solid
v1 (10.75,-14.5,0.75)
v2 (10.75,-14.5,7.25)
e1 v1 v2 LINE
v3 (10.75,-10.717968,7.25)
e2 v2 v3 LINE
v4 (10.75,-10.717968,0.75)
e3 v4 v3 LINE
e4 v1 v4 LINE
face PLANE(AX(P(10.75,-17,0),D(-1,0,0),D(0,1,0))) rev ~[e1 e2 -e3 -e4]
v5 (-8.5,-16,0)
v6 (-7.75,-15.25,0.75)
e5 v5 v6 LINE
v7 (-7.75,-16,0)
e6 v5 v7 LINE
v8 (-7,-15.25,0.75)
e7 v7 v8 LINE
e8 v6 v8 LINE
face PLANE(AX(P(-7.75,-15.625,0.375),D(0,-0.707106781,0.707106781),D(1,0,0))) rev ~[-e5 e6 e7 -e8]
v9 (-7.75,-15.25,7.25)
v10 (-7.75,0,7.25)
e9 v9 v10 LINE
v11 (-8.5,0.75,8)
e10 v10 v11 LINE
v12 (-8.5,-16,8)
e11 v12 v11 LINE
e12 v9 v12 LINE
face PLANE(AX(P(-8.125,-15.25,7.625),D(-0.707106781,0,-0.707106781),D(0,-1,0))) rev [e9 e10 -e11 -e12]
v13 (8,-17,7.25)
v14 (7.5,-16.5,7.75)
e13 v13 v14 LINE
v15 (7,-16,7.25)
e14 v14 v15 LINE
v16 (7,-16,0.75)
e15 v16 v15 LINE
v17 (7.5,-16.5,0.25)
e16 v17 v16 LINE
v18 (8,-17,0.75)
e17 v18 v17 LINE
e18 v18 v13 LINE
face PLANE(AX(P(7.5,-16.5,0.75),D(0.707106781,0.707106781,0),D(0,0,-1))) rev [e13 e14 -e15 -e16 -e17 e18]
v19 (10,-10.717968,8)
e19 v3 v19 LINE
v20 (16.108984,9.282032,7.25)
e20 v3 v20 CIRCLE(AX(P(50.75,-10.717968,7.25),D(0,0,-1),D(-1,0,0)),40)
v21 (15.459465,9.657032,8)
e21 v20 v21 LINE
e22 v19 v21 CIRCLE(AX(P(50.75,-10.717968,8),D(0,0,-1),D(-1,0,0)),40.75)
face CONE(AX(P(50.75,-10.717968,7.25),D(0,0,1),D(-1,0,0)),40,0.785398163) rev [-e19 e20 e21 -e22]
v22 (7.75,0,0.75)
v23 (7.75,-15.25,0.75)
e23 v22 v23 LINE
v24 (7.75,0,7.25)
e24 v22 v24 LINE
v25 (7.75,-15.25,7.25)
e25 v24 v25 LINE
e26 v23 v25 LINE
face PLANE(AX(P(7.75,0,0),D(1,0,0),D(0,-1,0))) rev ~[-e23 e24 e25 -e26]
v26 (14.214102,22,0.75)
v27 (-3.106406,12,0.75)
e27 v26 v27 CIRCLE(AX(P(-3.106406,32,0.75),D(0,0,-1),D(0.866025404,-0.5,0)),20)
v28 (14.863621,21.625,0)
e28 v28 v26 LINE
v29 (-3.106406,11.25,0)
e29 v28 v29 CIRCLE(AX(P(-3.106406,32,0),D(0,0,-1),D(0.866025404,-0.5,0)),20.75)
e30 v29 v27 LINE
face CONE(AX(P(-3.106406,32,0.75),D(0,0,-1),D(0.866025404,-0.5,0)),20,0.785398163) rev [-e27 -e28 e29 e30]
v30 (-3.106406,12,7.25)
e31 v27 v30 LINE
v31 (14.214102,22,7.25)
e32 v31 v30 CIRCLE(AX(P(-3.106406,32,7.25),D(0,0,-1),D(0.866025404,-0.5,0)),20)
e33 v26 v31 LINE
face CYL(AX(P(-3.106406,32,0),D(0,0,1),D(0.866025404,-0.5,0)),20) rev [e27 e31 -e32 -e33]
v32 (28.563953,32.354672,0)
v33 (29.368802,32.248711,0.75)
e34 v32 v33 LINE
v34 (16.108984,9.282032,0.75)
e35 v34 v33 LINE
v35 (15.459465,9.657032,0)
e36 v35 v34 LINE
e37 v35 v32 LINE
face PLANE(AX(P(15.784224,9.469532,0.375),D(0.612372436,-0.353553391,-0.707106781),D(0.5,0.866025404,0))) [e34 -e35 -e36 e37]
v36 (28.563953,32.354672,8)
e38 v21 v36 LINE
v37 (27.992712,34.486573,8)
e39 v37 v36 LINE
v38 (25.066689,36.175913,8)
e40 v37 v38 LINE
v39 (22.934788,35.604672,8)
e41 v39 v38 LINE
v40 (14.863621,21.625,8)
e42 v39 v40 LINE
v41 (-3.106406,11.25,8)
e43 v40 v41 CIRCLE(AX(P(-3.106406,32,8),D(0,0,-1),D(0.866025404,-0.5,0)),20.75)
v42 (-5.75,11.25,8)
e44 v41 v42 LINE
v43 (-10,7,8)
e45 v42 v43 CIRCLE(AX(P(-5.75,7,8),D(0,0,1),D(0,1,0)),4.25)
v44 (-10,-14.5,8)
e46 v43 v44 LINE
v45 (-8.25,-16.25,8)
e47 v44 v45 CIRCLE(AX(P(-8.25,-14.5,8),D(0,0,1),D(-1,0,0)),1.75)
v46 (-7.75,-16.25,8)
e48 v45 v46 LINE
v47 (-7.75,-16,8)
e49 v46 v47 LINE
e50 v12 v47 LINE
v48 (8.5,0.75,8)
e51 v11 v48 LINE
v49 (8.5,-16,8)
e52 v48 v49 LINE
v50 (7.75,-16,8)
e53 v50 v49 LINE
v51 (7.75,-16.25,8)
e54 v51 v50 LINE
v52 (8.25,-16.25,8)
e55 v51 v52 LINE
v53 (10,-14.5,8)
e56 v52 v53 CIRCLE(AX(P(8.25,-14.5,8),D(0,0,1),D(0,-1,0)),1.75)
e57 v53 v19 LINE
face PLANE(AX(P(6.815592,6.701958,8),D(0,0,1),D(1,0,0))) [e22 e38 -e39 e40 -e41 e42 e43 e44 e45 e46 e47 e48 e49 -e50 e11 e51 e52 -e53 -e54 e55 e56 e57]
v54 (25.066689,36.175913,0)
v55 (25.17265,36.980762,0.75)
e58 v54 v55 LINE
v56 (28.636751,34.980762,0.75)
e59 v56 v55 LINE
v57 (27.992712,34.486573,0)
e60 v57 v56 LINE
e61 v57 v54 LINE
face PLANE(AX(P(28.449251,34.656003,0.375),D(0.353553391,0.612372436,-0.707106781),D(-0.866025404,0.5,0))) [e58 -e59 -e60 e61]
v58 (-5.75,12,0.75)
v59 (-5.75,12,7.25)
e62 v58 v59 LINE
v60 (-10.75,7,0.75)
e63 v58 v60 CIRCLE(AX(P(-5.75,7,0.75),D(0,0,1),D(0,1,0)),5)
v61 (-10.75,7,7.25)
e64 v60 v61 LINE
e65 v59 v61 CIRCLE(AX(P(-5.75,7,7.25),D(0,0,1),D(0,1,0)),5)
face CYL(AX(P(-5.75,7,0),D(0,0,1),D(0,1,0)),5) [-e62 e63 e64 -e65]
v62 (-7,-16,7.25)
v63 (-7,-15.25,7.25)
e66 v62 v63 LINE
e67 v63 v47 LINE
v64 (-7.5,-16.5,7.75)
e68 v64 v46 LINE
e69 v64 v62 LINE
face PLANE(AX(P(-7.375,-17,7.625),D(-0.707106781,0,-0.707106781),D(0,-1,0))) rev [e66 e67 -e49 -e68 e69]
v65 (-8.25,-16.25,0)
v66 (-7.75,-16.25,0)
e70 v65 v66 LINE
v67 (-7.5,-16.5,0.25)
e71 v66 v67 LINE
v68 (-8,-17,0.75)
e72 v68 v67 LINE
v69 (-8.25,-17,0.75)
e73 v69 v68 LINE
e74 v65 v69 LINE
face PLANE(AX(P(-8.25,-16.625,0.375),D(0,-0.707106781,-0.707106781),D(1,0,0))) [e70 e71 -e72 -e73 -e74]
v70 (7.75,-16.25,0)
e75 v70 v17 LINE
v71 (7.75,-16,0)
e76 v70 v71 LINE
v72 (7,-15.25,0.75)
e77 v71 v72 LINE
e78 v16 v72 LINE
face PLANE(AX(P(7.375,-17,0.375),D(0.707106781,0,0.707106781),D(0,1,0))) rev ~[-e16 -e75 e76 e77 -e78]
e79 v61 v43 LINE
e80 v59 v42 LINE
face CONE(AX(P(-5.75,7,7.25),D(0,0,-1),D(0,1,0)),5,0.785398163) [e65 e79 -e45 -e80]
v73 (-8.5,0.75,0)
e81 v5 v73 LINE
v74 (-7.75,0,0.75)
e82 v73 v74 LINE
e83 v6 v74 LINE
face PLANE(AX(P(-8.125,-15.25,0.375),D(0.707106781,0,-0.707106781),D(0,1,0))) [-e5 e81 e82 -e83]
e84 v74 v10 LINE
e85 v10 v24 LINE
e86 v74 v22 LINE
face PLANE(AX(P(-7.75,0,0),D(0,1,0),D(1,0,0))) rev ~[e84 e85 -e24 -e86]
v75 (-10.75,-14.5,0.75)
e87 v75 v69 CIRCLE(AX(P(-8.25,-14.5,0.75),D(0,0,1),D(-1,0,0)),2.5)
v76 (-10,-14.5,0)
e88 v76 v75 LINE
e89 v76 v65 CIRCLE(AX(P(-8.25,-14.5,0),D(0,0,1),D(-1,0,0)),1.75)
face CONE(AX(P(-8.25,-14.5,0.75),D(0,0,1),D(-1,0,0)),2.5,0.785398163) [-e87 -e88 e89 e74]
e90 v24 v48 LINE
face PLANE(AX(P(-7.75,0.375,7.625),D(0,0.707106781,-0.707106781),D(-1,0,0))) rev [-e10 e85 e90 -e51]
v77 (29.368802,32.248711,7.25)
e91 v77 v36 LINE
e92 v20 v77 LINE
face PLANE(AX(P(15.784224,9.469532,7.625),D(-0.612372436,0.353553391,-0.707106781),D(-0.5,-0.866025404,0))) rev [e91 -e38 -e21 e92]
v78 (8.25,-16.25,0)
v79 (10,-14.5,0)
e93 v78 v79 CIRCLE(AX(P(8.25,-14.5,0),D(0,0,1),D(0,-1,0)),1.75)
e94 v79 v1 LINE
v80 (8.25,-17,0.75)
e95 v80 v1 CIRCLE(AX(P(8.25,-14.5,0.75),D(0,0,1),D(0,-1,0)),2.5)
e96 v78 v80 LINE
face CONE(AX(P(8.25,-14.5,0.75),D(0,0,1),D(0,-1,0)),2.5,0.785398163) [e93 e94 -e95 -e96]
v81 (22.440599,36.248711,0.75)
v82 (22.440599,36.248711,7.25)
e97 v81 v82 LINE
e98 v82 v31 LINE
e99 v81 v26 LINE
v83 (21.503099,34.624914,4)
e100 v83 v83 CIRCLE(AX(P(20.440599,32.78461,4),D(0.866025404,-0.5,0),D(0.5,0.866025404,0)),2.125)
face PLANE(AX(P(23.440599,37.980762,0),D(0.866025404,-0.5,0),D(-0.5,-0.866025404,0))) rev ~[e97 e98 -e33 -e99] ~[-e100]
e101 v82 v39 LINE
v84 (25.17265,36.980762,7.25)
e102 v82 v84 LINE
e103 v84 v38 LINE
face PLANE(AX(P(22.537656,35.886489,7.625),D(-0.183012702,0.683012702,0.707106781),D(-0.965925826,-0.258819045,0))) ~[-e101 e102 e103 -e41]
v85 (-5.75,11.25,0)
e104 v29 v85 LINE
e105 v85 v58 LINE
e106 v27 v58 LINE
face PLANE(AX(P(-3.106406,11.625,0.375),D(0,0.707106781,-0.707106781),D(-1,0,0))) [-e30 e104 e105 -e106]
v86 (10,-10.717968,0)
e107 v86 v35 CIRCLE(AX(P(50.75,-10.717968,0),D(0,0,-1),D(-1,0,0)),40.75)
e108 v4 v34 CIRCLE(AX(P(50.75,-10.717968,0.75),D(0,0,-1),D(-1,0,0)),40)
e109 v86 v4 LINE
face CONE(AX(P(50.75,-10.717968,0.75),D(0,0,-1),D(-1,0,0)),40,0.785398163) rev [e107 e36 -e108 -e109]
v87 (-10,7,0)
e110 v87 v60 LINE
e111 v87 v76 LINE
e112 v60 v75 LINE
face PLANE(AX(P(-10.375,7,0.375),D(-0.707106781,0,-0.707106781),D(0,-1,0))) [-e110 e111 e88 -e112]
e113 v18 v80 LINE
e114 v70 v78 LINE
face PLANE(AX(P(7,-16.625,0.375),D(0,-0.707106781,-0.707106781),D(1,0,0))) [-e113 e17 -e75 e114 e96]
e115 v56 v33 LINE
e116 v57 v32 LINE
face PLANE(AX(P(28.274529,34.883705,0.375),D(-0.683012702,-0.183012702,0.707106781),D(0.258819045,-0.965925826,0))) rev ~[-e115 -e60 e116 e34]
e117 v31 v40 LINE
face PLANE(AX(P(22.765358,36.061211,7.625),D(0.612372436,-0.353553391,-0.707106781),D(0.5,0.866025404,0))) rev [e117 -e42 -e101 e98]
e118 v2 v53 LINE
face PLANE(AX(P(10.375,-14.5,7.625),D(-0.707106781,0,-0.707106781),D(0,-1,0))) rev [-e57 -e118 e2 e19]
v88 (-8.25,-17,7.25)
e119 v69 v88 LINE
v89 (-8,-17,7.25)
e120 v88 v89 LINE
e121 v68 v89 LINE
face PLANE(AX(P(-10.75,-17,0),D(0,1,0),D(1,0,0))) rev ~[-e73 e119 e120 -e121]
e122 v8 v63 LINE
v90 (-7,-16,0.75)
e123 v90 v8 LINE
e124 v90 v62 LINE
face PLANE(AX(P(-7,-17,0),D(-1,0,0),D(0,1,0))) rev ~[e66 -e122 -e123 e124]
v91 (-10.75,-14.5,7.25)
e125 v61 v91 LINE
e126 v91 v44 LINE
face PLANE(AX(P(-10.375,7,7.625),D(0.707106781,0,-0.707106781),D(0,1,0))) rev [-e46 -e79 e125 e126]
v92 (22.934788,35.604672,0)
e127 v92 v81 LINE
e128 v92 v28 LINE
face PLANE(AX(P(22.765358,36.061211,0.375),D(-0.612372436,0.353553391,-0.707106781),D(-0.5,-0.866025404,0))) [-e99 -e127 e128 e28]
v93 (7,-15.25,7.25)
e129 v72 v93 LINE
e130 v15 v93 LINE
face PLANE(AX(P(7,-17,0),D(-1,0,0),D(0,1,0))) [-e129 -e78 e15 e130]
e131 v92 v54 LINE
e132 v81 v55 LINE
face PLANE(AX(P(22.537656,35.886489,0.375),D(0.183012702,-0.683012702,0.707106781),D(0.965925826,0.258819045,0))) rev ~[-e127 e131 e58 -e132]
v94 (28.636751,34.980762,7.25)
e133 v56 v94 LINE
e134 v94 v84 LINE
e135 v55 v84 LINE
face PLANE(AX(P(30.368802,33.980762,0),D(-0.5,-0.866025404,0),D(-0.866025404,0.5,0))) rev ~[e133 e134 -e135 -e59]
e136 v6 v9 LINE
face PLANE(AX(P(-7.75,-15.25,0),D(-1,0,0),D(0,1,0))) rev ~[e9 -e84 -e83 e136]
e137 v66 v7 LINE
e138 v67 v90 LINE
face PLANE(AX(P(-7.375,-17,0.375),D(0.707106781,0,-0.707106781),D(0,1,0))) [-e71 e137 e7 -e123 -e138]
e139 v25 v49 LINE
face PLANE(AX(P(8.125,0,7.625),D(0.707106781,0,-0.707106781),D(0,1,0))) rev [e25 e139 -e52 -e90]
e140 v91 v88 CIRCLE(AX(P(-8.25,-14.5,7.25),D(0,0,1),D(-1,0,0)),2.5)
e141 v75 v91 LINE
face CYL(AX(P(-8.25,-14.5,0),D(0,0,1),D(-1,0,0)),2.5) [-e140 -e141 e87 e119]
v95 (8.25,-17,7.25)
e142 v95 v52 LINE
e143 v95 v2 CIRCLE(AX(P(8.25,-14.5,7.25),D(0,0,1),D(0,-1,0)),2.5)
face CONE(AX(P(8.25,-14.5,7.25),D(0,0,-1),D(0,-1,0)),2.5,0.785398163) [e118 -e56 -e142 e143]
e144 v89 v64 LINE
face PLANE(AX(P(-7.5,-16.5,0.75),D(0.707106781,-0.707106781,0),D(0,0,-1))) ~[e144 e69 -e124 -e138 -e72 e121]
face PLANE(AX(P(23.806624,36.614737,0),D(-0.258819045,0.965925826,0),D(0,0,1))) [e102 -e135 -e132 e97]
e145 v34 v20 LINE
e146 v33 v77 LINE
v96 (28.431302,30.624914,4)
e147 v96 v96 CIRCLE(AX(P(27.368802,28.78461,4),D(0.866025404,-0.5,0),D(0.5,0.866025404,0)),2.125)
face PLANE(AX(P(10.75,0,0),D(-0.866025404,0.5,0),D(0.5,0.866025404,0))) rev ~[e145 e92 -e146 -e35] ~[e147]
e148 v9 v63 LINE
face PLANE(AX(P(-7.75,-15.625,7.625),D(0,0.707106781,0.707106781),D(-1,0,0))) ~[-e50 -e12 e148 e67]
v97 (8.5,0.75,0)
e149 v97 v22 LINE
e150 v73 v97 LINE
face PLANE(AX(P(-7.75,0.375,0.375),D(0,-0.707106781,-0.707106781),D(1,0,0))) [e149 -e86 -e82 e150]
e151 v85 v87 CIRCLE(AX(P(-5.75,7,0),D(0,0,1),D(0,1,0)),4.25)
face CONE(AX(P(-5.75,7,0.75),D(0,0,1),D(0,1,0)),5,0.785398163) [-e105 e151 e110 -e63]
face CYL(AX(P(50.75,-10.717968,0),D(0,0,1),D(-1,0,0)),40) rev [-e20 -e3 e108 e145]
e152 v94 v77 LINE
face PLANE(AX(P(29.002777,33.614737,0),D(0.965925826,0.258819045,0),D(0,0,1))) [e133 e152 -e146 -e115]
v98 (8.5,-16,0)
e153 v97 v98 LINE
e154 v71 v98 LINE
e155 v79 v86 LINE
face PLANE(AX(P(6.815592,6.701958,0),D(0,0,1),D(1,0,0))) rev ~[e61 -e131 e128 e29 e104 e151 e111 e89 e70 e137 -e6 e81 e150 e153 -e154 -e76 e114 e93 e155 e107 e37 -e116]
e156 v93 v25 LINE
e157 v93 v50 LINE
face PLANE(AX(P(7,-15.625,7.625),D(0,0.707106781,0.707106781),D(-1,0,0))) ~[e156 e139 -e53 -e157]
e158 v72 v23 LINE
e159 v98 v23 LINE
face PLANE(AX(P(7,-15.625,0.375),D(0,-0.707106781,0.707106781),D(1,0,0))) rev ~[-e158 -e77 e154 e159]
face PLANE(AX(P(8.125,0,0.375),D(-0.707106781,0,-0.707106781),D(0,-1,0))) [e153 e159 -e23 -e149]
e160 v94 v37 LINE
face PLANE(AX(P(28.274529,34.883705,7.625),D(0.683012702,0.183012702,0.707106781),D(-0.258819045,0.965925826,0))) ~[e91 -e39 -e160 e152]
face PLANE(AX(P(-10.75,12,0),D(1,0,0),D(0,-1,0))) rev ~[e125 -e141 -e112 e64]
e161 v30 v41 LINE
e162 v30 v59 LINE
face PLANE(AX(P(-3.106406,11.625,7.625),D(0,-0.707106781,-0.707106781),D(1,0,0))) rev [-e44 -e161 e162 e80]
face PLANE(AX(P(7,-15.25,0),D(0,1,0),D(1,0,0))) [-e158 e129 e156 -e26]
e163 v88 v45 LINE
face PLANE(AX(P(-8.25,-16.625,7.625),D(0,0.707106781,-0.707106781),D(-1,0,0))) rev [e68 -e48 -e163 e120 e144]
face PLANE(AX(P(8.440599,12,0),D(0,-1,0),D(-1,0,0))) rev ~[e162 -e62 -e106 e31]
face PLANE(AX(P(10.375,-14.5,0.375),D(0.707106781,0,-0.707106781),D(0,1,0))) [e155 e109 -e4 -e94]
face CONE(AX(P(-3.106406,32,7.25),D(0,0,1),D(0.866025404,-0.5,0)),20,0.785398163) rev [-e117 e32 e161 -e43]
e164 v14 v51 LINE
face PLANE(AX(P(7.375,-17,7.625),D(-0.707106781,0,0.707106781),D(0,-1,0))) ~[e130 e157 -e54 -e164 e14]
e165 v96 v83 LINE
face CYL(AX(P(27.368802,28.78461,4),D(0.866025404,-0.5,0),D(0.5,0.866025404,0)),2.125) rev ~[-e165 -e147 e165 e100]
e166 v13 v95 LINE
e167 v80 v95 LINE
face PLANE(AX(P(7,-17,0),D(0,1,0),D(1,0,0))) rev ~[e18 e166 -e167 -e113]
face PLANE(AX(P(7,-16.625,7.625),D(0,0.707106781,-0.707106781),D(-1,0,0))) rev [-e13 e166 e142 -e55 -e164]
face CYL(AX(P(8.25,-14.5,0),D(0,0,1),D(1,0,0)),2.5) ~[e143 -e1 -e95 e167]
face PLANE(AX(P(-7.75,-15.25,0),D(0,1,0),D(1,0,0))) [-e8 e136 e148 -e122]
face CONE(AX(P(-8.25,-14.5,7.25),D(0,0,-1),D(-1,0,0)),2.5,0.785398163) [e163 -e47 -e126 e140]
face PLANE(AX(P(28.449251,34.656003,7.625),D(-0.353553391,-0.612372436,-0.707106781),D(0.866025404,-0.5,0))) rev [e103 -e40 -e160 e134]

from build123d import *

# Parameters (mm, degrees)
F0_W     = 0.75
F0_H     = 1.75
F1_DEPTH = 8
F2_R     = 40
F3_R     = 20
F4_R     = 5
F5_R     = 2.5
F6_SIZE  = 2
F7_R     = 2.125
F8_DEPTH = 37.1109272381
F9_SIZE  = 0.75
F10_SIZE = 1


with BuildPart() as f1:
    # F0 (on Top) → F1 (new body)
    with BuildSketch(Plane.XY):
        Polygon((-10.75, -17), (-7.75, -17), (-7.75, -15.25), (-7.75, 0), (7.75, 0), (7.75, -15.25), (7.75, -17), (10.75, -17), (10.75, 0), (30.3688021535, 33.9807621135), (23.4405989232, 37.9807621135), (8.4405989232, 12), (-10.75, 12), align=None)
        with Locations((-7.375, -16.125)):
            Rectangle(F0_W, F0_H)
        with Locations((7.375, -16.125)):
            Rectangle(F0_W, F0_H)
    extrude(amount=F1_DEPTH)

    # F2
    f2_edges = [f1.edges().sort_by_distance(p)[0] for p in [
        (10.75, 0, 4),
    ]]
    fillet(f2_edges, radius=F2_R)

    # F3
    f3_edges = [f1.edges().sort_by_distance(p)[0] for p in [
        (8.440599, 12, 4),
    ]]
    fillet(f3_edges, radius=F3_R)

    # F4
    f4_edges = [f1.edges().sort_by_distance(p)[0] for p in [
        (-10.75, 12, 4),
    ]]
    fillet(f4_edges, radius=F4_R)

    # F5
    f5_edges = [f1.edges().sort_by_distance(p)[0] for p in [
        (10.75, -17, 4),
        (-10.75, -17, 4),
    ]]
    fillet(f5_edges, radius=F5_R)

    # F6
    f6_edges = [f1.edges().sort_by_distance(p)[0] for p in [
        (30.368802, 33.980762, 4),
        (23.440599, 37.980762, 4),
    ]]
    chamfer(f6_edges, length=F6_SIZE)

    # F7 (on face) → F8 (cut, through all)
    with BuildSketch(Plane(origin=(8.0625, -4.6548865453, 0), x_dir=(0.5, 0.8660254038, 0), z_dir=(0.8660254038, -0.5, 0))):
        with Locations((38.612604307, 4)):
            Circle(F7_R)
    extrude(amount=-F8_DEPTH, mode=Mode.SUBTRACT)

    # F9
    f9_edges = [f1.edges().sort_by_distance(p)[0] for p in [
        (18.32735, 29.124356, 8),
        (23.806624, 36.614737, 8),
        (6.893594, 14.679492, 8),
        (26.904701, 35.980762, 8),
        (-4.428203, 12, 8),
        (29.002777, 33.614737, 8),
        (-9.285534, 10.535534, 8),
        (22.738893, 20.765372, 8),
        (-10.75, -3.75, 8),
        (12.112967, -0.365206, 8),
        (-10.017767, -16.267767, 8),
        (10.75, -12.608984, 8),
        (-7.625, -17, 8),
        (10.017767, -16.267767, 8),
        (-7, -16.125, 8),
        (7.625, -17, 8),
        (-7.375, -15.25, 8),
        (7, -16.125, 8),
        (-7.75, -7.625, 8),
        (7.375, -15.25, 8),
        (0, 0, 8),
        (7.75, -7.625, 8),
        (18.32735, 29.124356, 0),
        (23.806624, 36.614737, 0),
        (6.893594, 14.679492, 0),
        (26.904701, 35.980762, 0),
        (-4.428203, 12, 0),
        (29.002777, 33.614737, 0),
        (-9.285534, 10.535534, 0),
        (22.738893, 20.765372, 0),
        (-10.75, -3.75, 0),
        (12.112967, -0.365206, 0),
        (-10.017767, -16.267767, 0),
        (10.75, -12.608984, 0),
        (-7.625, -17, 0),
        (10.017767, -16.267767, 0),
        (-7, -16.125, 0),
        (7.625, -17, 0),
        (-7.375, -15.25, 0),
        (7, -16.125, 0),
        (-7.75, -7.625, 0),
        (7.375, -15.25, 0),
        (0, 0, 0),
        (7.75, -7.625, 0),
    ]]
    chamfer(f9_edges, length=F9_SIZE)

    # F10
    f10_edges = [f1.edges().sort_by_distance(p)[0] for p in [
        (-7, -17, 4),
        (7, -17, 4),
    ]]
    chamfer(f10_edges, length=F10_SIZE)


solid = f1.part
